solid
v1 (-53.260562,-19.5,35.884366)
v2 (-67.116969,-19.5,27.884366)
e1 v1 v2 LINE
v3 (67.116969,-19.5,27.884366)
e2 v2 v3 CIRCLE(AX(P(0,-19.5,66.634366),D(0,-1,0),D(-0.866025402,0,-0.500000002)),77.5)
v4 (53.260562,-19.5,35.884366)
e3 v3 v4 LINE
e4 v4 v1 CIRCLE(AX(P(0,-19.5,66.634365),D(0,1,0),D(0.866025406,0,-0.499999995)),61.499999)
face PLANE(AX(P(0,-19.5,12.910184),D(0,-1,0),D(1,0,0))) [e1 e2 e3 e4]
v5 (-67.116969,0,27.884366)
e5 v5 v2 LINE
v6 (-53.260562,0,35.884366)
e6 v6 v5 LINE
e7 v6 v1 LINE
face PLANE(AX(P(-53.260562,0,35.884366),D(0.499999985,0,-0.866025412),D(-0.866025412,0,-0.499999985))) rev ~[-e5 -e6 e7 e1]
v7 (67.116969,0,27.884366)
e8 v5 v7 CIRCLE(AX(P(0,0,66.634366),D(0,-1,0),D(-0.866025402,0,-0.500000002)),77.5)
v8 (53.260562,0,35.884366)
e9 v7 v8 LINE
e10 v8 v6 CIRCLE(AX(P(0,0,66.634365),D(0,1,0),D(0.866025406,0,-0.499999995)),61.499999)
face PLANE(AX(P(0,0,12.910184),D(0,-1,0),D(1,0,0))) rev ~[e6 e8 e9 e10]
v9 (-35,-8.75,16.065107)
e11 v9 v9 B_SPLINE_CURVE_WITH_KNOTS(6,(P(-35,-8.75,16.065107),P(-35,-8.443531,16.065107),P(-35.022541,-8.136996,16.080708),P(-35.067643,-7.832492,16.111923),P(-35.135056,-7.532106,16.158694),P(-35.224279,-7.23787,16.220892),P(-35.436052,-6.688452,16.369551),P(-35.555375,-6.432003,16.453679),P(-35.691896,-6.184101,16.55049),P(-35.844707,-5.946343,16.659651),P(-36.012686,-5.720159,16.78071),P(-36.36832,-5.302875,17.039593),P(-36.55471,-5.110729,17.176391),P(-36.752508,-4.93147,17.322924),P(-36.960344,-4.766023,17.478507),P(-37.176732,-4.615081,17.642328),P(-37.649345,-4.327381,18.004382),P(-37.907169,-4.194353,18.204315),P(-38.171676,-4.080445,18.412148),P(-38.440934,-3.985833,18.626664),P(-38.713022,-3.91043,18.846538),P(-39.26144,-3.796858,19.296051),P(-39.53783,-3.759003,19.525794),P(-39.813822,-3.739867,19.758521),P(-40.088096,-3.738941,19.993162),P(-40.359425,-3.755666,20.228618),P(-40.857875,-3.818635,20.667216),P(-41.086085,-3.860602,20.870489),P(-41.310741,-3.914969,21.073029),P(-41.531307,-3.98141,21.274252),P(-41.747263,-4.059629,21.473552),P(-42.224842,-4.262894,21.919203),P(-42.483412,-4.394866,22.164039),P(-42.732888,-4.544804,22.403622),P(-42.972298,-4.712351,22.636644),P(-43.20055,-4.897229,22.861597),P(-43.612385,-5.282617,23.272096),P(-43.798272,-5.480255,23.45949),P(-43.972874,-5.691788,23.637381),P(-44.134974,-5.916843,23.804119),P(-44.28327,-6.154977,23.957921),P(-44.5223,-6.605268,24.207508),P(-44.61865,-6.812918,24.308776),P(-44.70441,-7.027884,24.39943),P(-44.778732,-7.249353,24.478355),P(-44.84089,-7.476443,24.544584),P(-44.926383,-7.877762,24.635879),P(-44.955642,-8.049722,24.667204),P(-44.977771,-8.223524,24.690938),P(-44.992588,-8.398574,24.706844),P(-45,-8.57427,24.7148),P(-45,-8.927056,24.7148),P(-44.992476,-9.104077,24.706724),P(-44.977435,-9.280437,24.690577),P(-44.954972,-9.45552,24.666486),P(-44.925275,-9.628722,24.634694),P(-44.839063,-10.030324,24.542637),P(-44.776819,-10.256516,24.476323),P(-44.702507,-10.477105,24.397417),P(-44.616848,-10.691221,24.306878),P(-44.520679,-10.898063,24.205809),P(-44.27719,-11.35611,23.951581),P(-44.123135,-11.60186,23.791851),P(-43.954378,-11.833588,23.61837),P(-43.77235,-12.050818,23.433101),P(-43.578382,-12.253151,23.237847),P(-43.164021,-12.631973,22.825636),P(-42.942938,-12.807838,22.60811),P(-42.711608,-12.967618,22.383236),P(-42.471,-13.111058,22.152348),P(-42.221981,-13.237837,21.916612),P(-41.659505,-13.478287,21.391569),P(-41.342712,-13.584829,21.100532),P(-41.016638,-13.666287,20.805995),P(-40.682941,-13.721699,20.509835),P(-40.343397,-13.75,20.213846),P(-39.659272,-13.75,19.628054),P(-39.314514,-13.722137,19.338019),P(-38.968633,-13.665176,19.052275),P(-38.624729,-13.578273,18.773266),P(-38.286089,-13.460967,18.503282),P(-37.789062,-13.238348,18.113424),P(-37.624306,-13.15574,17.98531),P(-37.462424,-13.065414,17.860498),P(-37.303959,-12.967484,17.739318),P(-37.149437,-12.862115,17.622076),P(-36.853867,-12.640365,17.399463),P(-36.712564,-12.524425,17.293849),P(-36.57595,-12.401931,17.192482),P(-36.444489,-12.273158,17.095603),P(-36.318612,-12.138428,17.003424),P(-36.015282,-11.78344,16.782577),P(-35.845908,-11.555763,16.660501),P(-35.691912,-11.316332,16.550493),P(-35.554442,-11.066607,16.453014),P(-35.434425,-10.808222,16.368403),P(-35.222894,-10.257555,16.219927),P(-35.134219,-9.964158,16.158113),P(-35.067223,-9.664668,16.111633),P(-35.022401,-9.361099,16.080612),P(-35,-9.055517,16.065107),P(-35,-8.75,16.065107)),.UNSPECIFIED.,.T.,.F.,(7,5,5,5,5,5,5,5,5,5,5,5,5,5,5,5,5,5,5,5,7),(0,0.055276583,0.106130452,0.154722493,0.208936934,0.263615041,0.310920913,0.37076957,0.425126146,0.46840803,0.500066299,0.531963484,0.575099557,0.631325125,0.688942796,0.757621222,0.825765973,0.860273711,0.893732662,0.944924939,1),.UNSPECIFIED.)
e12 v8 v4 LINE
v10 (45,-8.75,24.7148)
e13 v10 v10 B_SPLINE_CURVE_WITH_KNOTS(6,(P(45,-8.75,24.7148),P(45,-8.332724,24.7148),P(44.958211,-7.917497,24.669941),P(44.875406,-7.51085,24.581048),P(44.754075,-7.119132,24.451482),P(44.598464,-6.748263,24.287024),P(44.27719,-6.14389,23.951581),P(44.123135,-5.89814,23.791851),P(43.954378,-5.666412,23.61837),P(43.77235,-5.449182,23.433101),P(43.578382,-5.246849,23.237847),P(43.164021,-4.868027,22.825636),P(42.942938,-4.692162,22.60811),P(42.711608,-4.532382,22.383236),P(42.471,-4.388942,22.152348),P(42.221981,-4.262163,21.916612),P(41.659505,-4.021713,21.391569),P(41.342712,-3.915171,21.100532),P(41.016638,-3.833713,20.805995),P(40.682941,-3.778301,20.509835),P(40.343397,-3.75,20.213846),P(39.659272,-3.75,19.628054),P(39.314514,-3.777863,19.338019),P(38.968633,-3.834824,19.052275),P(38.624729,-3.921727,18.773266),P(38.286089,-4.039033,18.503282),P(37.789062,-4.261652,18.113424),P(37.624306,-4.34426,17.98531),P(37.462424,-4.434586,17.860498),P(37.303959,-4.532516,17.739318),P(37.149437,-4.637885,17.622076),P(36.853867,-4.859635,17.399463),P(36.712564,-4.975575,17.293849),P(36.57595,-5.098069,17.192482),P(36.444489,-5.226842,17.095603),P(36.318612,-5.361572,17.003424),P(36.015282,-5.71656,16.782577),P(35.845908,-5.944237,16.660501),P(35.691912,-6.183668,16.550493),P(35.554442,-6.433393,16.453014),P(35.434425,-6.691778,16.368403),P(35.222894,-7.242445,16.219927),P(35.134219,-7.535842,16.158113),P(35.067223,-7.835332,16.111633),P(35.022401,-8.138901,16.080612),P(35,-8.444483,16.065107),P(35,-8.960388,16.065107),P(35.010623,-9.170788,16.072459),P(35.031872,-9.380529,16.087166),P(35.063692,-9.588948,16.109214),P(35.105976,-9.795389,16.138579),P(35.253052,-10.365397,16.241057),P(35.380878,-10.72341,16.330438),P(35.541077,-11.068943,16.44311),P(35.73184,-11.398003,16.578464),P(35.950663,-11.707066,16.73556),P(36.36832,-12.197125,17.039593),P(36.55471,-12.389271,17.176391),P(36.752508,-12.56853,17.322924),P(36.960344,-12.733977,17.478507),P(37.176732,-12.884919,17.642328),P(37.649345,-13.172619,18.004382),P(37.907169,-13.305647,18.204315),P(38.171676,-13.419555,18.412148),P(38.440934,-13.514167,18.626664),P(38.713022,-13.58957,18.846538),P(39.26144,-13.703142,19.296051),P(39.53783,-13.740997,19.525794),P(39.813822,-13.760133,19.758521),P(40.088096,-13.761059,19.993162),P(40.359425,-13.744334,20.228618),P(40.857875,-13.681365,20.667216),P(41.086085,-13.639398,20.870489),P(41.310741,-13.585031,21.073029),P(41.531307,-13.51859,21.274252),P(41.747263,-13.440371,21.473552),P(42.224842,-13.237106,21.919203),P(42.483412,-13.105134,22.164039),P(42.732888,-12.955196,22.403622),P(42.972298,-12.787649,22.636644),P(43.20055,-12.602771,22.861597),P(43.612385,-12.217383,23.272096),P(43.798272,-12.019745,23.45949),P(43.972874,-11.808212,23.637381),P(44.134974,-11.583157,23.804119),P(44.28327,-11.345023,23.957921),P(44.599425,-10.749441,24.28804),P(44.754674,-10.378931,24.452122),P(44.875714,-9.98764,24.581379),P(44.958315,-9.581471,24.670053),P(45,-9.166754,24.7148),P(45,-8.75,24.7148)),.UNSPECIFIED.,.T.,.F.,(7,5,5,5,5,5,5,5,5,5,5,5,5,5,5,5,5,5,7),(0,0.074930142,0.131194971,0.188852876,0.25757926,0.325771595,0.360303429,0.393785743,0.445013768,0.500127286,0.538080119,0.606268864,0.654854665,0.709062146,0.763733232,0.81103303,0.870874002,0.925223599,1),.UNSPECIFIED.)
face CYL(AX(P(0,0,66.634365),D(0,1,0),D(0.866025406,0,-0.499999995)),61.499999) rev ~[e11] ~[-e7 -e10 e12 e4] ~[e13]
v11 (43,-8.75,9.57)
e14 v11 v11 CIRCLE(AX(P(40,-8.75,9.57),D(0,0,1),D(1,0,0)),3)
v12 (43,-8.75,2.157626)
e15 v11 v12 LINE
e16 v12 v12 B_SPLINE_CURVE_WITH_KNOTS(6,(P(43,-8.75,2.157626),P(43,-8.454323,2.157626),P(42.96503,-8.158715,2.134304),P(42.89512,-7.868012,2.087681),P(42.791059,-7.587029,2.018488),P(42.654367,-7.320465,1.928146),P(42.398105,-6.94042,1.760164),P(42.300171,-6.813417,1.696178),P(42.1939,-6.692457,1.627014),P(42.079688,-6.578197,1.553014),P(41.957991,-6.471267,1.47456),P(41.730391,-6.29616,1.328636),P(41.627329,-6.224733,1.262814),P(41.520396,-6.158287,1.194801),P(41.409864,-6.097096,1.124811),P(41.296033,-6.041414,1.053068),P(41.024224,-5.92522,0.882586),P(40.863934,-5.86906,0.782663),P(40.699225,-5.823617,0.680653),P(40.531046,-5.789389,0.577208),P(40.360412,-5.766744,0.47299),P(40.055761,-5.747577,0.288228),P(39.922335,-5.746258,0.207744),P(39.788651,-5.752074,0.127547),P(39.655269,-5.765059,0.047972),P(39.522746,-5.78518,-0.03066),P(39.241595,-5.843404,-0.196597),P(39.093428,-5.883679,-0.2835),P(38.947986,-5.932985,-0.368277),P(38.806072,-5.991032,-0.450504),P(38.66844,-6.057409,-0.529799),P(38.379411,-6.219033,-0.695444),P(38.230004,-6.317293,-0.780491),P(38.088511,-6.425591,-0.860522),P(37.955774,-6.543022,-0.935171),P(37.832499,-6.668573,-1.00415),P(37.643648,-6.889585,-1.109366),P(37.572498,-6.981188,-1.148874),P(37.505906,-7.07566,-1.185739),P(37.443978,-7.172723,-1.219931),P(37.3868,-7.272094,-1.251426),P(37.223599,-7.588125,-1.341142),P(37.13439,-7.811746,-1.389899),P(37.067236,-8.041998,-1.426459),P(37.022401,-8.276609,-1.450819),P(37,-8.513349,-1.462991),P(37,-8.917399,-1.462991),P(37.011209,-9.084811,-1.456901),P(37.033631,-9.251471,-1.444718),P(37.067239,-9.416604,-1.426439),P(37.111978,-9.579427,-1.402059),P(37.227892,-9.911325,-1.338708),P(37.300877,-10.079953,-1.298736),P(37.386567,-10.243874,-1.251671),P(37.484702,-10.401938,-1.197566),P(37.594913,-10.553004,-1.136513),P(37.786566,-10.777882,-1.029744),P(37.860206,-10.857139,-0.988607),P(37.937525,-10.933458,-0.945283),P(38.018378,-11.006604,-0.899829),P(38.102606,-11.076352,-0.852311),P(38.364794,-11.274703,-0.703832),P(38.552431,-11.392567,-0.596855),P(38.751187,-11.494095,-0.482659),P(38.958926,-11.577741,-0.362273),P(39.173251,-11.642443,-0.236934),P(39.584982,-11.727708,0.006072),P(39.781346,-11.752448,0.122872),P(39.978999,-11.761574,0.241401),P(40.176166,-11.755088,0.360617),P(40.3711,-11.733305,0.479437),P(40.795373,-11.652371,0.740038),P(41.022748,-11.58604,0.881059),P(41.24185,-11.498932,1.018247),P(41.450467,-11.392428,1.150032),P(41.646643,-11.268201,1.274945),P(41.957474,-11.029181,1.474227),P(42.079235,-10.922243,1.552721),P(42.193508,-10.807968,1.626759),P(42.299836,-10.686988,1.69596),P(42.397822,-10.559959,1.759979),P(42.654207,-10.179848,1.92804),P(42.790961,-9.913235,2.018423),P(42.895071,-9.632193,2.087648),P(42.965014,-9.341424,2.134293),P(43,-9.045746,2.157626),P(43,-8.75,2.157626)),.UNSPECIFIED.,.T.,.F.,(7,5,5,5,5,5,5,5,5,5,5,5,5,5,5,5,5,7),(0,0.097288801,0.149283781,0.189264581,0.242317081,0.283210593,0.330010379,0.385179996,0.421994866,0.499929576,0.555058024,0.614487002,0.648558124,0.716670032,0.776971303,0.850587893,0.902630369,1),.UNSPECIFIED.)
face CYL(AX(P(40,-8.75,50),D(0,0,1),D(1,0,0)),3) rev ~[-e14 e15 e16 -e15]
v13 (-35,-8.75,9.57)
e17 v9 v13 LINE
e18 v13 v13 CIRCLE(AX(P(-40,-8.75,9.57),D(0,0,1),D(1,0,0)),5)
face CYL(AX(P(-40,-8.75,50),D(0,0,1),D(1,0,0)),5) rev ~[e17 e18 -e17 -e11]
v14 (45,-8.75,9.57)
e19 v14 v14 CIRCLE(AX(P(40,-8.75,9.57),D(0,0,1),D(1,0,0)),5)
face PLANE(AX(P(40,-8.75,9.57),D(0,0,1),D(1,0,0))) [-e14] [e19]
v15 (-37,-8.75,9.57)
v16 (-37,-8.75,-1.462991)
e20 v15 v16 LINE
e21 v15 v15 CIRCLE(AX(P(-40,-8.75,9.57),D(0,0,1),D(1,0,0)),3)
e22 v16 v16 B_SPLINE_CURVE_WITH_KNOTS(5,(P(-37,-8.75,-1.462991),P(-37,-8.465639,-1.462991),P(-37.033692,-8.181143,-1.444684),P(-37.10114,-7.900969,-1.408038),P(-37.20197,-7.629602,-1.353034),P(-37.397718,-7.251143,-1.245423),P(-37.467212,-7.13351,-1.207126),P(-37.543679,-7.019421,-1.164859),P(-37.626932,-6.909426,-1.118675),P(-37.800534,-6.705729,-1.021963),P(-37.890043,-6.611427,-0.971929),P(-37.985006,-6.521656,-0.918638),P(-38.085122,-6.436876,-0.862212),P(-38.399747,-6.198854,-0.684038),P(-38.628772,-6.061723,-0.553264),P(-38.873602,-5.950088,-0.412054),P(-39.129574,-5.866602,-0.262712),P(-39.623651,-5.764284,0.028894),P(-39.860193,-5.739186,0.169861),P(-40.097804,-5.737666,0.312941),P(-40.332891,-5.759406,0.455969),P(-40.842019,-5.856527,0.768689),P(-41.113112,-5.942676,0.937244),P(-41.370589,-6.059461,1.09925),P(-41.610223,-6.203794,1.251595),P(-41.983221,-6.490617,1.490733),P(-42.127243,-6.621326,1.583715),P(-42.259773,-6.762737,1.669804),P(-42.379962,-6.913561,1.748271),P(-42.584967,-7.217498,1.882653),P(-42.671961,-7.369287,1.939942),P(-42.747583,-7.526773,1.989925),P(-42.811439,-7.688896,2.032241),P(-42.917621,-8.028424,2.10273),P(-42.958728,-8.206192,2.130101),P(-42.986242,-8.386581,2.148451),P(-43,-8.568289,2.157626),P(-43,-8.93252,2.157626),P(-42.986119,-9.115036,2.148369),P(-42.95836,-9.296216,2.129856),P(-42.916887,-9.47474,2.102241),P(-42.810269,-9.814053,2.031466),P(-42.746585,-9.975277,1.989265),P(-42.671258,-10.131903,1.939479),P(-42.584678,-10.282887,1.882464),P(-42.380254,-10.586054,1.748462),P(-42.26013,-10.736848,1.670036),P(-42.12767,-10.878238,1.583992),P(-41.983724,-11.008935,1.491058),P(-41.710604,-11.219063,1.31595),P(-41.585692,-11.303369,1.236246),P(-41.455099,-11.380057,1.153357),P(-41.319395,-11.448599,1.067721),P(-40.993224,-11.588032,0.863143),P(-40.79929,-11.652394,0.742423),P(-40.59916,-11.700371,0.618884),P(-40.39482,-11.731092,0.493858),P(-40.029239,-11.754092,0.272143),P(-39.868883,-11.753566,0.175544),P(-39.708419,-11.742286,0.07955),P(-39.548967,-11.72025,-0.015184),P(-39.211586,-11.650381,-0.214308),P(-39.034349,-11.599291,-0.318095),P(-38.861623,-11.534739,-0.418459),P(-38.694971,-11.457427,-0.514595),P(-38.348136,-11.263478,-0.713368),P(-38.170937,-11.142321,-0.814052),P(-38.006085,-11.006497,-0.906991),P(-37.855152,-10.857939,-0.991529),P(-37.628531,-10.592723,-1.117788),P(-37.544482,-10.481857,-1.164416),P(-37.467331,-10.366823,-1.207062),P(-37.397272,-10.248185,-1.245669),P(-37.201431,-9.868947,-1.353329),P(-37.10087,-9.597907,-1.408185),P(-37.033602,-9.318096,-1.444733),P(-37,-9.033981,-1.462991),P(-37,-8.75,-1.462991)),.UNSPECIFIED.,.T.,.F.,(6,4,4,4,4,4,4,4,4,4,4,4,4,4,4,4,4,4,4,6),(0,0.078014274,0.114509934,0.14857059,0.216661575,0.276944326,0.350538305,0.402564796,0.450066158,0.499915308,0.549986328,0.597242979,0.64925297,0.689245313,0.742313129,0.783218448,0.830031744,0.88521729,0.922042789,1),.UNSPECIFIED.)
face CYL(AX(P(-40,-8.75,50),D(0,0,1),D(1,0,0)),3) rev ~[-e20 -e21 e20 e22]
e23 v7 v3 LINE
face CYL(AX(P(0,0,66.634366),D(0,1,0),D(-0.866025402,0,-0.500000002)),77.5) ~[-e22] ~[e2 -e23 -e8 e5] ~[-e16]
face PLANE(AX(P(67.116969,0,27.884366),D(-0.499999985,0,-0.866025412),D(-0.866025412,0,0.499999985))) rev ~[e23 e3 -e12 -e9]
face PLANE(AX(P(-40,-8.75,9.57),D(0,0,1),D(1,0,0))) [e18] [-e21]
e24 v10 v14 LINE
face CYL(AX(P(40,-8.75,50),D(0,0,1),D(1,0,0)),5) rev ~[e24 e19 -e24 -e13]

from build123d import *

# Parameters (mm, degrees)
F1_DEPTH = 19.5
F3_R     = 3
F4_DEPTH = 60.866634
F3_R_2   = 5
F5_DEPTH = 40.43


with BuildPart() as f1:
    # F0 (on Front) → F1 (new body)
    with BuildSketch(Plane.XZ):
        with BuildLine():
            Line((-53.260562, 35.884366), (-67.116969, 27.884366))
            ThreePointArc((-67.116969, 27.884366), (0, -10.865634), (67.116969, 27.884366))
            Line((67.116969, 27.884366), (53.260562, 35.884366))
            ThreePointArc((53.260562, 35.884366), (0, 5.134366), (-53.260562, 35.884366))
        make_face()
    extrude(amount=F1_DEPTH)

    # F3 (on offset) → F4 (cut, through all)
    with BuildSketch(Plane.XY.offset(50)):
        with Locations((-40, -8.75)):
            Circle(F3_R)
        with Locations((40, -8.75)):
            Circle(F3_R)
    extrude(amount=-F4_DEPTH, mode=Mode.SUBTRACT)

    # F3 (on offset) → F5 (cut)
    with BuildSketch(Plane.XY.offset(50)):
        with Locations((40, -8.75)):
            Circle(F3_R_2)
        with Locations((40, -8.75)):
            Circle(F3_R, mode=Mode.SUBTRACT)
        with Locations((-40, -8.75)):
            Circle(F3_R_2)
        with Locations((-40, -8.75)):
            Circle(F3_R, mode=Mode.SUBTRACT)
    extrude(amount=-F5_DEPTH, mode=Mode.SUBTRACT)


solid = f1.part
